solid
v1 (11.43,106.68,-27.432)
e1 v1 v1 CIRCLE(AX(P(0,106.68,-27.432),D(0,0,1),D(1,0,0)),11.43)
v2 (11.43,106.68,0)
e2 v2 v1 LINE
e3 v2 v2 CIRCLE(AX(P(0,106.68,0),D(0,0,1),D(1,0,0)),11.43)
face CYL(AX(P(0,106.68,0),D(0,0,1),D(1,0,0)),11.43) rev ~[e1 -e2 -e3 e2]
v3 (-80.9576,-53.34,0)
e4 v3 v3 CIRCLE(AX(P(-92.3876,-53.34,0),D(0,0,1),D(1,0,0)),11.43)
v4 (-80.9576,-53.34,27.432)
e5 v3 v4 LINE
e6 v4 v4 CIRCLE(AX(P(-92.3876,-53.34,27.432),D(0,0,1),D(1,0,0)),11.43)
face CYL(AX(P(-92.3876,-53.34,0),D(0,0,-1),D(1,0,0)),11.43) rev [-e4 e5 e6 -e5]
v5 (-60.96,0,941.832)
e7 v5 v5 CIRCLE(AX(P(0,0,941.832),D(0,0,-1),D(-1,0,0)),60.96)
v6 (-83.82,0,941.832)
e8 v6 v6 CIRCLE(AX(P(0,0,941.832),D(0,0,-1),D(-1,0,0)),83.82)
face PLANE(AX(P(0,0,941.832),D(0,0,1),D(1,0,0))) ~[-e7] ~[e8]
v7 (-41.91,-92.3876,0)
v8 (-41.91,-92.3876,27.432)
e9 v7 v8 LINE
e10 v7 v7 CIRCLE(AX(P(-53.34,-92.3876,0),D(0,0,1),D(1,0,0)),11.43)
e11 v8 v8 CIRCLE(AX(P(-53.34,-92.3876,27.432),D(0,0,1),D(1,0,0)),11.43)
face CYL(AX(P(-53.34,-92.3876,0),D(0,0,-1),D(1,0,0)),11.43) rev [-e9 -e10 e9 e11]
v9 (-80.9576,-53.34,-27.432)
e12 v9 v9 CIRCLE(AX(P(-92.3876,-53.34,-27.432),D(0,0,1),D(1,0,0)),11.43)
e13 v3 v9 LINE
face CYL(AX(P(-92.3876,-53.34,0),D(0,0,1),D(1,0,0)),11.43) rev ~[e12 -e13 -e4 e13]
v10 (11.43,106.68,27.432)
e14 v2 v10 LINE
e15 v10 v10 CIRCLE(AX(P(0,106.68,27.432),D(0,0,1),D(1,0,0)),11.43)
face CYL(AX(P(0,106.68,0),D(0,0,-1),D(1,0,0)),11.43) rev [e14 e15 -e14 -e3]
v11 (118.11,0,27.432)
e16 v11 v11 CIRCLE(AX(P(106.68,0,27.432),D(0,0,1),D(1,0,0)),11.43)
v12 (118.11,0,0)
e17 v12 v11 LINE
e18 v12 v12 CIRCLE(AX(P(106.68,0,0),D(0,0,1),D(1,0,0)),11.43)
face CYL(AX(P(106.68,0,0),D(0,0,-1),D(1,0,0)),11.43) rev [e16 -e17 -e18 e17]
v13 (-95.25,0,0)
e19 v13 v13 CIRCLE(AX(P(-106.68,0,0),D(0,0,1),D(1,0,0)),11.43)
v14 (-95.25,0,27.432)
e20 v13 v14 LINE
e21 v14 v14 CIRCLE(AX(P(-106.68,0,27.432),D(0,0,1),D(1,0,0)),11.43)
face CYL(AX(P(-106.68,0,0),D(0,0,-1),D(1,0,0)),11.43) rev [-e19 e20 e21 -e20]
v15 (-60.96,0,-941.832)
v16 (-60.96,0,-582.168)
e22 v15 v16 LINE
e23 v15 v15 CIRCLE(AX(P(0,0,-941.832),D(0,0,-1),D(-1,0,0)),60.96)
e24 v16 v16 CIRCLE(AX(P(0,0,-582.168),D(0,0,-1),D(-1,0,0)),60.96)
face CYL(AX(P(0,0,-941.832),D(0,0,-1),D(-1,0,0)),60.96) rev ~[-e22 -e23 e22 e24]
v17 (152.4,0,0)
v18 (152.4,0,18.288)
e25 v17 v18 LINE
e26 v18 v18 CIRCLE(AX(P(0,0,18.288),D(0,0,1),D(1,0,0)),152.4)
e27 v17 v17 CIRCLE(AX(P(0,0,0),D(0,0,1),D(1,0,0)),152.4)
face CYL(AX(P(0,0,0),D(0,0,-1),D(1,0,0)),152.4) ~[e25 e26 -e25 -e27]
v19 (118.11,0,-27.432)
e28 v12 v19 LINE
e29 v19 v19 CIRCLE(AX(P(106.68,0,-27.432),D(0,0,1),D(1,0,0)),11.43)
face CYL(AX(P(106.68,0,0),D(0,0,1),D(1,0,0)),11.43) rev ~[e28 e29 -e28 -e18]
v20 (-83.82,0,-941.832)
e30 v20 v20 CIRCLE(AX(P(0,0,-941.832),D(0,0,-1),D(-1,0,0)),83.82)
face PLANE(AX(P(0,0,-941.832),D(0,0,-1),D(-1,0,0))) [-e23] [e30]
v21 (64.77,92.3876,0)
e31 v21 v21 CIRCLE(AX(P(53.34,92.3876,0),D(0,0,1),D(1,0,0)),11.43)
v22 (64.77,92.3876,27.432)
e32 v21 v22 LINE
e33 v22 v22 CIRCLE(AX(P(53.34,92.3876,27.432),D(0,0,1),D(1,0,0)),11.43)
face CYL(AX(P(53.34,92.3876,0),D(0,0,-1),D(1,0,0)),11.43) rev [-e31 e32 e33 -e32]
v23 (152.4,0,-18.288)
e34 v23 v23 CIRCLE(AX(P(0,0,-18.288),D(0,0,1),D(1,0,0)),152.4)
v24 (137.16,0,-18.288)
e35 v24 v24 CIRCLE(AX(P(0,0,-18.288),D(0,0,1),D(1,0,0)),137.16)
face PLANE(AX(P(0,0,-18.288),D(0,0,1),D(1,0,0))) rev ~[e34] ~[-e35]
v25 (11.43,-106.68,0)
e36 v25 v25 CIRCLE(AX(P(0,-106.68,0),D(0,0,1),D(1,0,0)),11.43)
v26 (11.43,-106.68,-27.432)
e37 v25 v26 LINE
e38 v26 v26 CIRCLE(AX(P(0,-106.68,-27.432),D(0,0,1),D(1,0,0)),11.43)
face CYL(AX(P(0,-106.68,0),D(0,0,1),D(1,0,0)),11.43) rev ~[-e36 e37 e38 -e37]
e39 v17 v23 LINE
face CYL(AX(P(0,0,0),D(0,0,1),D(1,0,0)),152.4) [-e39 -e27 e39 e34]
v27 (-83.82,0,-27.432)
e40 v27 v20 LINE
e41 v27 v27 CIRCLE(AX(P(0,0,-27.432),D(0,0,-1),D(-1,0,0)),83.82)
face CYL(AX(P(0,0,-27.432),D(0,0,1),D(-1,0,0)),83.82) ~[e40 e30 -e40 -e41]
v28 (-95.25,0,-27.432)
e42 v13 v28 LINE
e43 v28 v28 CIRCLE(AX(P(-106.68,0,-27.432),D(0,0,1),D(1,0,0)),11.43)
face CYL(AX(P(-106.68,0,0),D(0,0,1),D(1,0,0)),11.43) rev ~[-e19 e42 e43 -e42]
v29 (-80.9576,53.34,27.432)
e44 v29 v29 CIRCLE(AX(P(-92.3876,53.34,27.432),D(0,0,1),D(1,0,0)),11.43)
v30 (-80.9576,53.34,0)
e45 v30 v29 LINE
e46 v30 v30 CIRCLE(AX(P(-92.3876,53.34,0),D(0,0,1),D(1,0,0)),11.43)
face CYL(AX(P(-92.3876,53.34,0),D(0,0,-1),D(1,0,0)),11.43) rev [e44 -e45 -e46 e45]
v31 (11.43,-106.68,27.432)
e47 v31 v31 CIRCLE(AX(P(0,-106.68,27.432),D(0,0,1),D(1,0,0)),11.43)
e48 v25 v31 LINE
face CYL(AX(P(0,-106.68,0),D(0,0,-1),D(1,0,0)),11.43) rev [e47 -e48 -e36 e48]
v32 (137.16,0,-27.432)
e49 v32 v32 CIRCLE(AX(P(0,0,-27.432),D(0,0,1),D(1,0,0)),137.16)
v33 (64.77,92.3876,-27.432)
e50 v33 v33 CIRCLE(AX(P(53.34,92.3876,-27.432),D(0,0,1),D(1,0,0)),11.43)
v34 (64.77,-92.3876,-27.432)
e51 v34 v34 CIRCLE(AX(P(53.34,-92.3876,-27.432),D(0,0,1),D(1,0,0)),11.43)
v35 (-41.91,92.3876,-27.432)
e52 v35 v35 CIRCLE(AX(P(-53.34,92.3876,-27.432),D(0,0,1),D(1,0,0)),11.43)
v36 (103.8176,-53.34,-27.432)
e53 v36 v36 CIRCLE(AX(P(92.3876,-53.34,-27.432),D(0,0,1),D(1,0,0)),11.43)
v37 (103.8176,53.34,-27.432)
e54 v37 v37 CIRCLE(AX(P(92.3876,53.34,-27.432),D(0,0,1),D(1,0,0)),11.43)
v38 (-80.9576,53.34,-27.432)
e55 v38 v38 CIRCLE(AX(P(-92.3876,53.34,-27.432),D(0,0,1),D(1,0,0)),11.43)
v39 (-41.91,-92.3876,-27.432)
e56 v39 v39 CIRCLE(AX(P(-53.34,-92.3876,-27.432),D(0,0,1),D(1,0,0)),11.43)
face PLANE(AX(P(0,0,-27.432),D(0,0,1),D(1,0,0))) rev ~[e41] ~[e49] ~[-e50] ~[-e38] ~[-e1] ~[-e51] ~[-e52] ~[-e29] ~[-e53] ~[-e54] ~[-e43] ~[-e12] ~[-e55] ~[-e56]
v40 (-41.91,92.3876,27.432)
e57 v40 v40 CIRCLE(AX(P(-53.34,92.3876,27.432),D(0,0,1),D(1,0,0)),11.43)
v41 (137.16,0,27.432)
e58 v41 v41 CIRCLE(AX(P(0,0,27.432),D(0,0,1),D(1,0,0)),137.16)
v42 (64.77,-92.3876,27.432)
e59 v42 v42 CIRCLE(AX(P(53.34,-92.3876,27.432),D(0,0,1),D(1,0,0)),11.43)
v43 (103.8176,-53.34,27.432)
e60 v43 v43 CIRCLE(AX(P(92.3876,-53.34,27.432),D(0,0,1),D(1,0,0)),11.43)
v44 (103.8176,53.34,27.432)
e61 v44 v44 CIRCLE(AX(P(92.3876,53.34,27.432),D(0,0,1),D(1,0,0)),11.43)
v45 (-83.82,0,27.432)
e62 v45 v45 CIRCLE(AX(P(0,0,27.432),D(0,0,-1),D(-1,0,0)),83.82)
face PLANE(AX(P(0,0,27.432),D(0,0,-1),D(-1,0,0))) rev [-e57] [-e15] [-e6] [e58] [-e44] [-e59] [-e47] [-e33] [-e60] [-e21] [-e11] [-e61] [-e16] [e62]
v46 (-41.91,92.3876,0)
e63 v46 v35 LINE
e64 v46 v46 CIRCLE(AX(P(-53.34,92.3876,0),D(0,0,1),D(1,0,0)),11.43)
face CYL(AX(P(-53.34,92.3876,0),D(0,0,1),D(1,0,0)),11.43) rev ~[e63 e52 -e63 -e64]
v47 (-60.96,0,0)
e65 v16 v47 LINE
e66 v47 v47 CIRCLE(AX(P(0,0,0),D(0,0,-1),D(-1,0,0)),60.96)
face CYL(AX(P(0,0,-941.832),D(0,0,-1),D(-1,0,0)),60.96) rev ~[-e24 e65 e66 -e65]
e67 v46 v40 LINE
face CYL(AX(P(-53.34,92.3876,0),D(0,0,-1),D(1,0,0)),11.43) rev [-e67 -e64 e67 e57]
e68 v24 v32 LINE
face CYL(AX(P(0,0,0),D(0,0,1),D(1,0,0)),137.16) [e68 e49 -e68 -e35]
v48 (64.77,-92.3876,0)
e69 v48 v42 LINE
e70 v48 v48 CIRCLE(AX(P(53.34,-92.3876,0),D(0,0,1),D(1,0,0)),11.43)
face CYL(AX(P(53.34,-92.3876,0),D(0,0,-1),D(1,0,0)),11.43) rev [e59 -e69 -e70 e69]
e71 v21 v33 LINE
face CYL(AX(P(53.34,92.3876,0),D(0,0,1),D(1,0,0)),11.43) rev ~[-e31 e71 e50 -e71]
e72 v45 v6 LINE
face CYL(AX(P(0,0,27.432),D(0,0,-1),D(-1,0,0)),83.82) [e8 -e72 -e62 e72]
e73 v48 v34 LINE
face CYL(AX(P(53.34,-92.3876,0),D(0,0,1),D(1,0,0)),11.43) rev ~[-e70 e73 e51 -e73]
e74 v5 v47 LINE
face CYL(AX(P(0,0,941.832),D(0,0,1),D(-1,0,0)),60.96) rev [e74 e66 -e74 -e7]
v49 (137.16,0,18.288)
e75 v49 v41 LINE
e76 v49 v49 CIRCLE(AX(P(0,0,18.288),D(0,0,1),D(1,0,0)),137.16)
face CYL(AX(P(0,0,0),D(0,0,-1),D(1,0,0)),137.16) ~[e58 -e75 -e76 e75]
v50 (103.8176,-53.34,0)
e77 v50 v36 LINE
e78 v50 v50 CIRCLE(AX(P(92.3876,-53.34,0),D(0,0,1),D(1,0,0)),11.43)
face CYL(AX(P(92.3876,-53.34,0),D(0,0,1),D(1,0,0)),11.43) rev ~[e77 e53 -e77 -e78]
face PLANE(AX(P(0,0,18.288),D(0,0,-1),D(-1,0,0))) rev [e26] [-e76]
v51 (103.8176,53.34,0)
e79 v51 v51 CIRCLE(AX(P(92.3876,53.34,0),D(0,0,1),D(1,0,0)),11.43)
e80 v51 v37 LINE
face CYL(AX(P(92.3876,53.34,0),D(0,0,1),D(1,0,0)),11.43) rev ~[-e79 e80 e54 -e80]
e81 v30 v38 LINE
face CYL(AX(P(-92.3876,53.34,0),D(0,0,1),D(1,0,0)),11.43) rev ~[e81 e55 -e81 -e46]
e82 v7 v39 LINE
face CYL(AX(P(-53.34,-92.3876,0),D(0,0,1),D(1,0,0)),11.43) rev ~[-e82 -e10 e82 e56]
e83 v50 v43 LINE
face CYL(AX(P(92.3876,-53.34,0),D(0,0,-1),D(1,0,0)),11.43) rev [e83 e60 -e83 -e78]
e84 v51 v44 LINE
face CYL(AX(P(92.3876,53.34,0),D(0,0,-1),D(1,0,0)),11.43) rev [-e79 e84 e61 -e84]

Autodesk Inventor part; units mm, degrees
ref_plane "YZ Plane" through (0, 0, 0) normal (1, 0, 0) x (0, 1, 0)
ref_plane "XZ Plane" through (0, 0, 0) normal (0, 1, 0) x (-1, 0, 0)
ref_plane "XY Plane" through (0, 0, 0) normal (0, 0, 1) x (1, 0, 0)
sketch "Sketch2" plane through (0, 0, 0) normal (0, 0, 1) x (1, 0, 0)
  circle A0 centre (0, 0) radius 152.4
  circle A1 centre (0, 0) radius 137.16
  circle A2 centre (0, 106.68) radius 11.43
  circle A3 centre (-53.34, 92.3876) radius 11.43
  circle A4 centre (-92.3876, 53.34) radius 11.43
  circle A5 centre (-106.68, 0) radius 11.43
  circle A6 centre (-92.3876, -53.34) radius 11.43
  circle A7 centre (-53.34, -92.3876) radius 11.43
  circle A8 centre (0, -106.68) radius 11.43
  circle A9 centre (53.34, -92.3876) radius 11.43
  circle A10 centre (92.3876, -53.34) radius 11.43
  circle A11 centre (106.68, 0) radius 11.43
  circle A12 centre (92.3876, 53.34) radius 11.43
  circle A13 centre (53.34, 92.3876) radius 11.43
  dimension "d0" = 304.8
  dimension "d1" = 274.32
  dimension "d2" = 22.86
  dimension "d5" = 360
extrude "Extrusion1" add sketch "Sketch2" against normal blind 27.432 contours A1
extrude "Extrusion2" add sketch "Sketch2" against normal blind 18.288 contours A0
sketch "Sketch3" plane through (0, 0, -27.432) normal (0, 0, -1) x (-1, 0, 0)
  circle A0 centre (0, 0) radius 83.82
  dimension "d11" = 167.64
extrude "Extrusion3" add sketch "Sketch3" along normal blind 914.4
sketch "Sketch4" plane through (0, 0, -941.832) normal (0, 0, -1) x (-1, 0, 0)
  circle A0 centre (0, 0) radius 60.96
  dimension "d14" = 121.92
extrude "Extrusion4" cut sketch "Sketch4" against normal blind 1524
mirror "Mirror2" about plane through (0, 0, 0) normal (0, 0, 1) of "Extrusion2", "Extrusion1", "Extrusion3", "Extrusion4"
properties part number "fuel_pipeline"
